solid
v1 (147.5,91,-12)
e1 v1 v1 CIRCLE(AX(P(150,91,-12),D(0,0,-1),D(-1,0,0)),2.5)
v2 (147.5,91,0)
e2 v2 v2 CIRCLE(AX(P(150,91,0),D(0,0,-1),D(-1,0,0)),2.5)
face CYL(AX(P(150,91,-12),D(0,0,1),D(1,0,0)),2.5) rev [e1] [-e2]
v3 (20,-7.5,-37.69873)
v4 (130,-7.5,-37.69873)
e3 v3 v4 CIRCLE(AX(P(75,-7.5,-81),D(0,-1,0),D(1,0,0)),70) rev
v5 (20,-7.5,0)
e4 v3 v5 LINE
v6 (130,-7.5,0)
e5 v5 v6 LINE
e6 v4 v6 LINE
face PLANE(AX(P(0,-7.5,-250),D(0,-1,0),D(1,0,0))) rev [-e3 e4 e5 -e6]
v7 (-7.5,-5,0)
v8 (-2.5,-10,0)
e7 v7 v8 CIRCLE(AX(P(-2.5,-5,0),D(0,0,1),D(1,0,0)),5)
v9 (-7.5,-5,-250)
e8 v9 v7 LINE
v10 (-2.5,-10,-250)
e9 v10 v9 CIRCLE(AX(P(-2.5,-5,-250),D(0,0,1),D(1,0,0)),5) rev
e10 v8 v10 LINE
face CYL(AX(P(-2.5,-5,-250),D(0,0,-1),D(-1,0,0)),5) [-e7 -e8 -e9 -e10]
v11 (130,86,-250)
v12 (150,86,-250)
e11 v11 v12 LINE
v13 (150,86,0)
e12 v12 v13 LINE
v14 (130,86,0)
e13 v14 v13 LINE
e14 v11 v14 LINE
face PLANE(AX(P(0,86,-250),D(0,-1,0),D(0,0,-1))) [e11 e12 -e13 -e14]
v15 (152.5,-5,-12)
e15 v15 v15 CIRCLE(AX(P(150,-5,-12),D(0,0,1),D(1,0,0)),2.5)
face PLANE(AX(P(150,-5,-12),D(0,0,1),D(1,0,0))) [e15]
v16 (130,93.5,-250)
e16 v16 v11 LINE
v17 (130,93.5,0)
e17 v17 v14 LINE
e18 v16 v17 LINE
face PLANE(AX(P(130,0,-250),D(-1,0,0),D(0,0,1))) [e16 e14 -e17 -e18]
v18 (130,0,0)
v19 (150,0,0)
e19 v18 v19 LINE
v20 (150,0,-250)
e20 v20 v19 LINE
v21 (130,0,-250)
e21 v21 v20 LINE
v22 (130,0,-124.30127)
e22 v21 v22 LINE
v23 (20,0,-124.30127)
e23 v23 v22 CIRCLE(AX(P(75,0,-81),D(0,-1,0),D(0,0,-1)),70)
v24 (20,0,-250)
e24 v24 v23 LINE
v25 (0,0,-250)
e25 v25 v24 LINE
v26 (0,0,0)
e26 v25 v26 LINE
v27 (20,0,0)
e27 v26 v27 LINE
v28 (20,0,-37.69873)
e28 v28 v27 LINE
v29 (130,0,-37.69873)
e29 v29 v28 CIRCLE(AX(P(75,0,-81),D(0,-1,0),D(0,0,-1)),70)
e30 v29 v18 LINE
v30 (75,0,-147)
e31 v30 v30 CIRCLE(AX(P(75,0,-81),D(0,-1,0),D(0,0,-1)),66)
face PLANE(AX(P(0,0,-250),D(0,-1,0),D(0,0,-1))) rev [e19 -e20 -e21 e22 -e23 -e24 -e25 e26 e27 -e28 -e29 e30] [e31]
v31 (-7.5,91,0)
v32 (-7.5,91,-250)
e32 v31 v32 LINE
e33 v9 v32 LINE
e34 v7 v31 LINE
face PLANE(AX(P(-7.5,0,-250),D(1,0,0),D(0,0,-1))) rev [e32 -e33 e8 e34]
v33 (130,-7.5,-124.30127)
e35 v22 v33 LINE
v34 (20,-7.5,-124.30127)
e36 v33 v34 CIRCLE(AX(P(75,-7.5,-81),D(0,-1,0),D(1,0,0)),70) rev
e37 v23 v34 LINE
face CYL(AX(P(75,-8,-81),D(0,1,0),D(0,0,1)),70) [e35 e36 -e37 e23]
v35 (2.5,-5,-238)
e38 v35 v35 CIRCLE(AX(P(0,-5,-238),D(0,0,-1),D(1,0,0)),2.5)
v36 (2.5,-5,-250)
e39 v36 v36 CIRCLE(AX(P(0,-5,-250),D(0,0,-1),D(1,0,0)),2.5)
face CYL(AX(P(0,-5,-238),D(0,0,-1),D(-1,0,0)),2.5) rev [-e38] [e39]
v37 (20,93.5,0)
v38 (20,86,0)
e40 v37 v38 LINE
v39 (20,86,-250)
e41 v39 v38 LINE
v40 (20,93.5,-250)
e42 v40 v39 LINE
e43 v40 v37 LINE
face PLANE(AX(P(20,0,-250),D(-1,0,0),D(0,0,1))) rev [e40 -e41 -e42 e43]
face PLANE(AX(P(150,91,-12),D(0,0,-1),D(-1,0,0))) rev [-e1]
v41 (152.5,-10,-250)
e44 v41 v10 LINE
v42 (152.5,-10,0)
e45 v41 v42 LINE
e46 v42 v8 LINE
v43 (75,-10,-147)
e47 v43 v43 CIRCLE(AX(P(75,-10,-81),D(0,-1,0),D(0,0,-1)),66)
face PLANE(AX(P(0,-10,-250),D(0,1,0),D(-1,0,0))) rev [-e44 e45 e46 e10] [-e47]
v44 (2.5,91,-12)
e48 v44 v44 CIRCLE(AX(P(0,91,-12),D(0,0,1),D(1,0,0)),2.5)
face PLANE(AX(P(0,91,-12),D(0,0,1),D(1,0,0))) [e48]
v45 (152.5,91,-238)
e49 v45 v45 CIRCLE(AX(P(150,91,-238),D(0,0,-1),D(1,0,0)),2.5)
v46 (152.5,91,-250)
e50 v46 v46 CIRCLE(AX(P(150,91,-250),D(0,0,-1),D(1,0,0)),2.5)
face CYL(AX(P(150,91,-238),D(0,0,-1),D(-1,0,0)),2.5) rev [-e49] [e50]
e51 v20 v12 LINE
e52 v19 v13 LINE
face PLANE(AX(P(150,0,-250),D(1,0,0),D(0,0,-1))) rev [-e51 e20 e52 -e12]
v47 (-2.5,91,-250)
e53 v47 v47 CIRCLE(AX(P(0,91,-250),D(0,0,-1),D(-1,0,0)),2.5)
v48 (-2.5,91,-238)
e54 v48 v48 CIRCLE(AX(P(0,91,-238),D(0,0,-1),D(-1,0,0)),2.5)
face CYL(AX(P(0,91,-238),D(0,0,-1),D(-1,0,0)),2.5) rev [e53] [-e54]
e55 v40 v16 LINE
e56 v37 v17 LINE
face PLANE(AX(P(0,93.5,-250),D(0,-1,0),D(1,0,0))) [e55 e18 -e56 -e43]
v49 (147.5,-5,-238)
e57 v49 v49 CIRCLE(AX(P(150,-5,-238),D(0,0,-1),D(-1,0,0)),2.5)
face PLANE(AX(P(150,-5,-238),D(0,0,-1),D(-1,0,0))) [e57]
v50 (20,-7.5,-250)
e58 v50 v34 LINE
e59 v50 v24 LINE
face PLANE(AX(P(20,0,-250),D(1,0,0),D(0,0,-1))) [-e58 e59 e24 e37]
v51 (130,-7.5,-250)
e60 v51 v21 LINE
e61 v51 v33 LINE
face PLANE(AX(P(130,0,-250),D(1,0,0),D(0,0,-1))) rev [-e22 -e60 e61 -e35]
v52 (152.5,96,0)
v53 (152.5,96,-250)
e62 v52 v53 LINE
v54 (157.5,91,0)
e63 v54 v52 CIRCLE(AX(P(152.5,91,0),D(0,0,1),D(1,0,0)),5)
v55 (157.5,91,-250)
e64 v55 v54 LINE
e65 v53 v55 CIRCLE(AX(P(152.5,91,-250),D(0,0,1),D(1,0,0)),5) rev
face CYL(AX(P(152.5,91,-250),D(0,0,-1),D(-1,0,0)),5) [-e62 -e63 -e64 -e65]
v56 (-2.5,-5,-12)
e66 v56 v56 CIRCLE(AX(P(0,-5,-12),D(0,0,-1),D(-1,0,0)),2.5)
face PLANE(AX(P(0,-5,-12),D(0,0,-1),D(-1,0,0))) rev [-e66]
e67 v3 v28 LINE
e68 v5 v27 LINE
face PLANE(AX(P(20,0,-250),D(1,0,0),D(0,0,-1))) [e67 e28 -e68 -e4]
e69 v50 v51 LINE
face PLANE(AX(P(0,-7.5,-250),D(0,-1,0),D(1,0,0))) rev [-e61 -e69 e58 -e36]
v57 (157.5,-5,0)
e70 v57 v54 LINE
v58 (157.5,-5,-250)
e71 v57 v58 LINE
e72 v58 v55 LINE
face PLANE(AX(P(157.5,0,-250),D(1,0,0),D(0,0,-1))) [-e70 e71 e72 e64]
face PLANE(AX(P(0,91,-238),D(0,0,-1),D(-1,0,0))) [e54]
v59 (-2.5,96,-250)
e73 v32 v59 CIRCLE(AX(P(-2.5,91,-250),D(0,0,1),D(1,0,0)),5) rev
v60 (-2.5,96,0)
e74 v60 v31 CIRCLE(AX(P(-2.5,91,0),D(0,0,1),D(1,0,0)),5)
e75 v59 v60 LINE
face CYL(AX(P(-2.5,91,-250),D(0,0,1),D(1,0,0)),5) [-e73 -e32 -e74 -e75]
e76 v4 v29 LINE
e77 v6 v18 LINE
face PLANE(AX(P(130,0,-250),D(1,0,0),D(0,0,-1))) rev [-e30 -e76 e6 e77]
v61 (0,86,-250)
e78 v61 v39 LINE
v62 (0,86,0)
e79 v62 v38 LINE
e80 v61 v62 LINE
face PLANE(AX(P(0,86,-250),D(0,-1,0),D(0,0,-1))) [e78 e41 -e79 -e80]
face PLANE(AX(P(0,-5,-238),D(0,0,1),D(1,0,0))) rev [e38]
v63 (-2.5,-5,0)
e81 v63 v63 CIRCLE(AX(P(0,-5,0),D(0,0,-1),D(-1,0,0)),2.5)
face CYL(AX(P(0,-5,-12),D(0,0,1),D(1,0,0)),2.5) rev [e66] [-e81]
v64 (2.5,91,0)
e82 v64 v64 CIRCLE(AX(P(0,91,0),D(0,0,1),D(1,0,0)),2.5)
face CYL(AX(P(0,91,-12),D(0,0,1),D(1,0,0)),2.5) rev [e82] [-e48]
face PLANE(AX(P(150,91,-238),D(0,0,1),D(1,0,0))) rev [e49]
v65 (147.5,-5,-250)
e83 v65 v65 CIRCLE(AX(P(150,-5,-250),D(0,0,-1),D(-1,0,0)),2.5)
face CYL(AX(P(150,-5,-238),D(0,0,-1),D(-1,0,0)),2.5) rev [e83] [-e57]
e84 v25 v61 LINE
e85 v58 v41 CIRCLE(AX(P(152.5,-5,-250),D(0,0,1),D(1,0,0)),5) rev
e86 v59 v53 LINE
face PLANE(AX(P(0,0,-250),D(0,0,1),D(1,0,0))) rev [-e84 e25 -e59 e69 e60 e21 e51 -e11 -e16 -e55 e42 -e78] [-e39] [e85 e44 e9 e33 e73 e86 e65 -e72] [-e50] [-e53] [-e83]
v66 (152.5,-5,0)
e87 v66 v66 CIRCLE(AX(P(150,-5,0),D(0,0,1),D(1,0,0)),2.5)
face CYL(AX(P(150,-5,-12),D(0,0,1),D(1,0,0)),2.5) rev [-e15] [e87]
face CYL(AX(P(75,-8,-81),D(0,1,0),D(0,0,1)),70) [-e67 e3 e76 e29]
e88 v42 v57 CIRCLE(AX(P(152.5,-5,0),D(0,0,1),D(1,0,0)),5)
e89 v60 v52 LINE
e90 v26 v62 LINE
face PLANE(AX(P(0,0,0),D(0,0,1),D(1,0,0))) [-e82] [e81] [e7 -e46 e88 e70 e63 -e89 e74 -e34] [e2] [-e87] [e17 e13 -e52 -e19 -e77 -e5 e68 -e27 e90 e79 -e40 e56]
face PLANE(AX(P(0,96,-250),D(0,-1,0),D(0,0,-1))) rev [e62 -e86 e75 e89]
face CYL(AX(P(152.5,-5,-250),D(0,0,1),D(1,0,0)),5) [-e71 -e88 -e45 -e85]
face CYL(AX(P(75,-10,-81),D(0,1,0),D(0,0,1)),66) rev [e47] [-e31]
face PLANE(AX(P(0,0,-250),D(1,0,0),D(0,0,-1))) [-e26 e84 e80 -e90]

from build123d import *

# Parameters (mm, degrees)
BOSS_EXTRUDE3_DEPTH   = 250
BOSS_EXTRUDE3_2_DEPTH = 250
FILLET1_R             = 5
FILLET2_R             = 5
SKETCH7_R             = 66
CUT_EXTRUDE1_DEPTH    = 10
SKETCH9_R             = 70
SKETCH9_R_2           = 66
BOSS_EXTRUDE4_DEPTH   = 8
SKETCH14_R            = 2.5
CUT_EXTRUDE2_DEPTH    = 12
CUT_EXTRUDE3_START    = -12
SKETCH15_R            = 2.5
CUT_EXTRUDE3_DEPTH    = 12
SKETCH17_W            = 7.5
SKETCH17_H            = 250
BOSS_EXTRUDE5_DEPTH   = 46


with BuildPart() as part:
    # Sketch4 → Boss-Extrude3 (new body)
    with BuildSketch(Plane.XY):
        Polygon((130, 93.5), (130, 86), (150, 86), (150, 66), (155, 66), (157.5, 66), (157.5, 96), (-7.5, 96), (-7.5, 66), (-5, 66), (0, 66), (0, 86), (20, 86), (20, 93.5), align=None)
    extrude(amount=-BOSS_EXTRUDE3_DEPTH)

    # Fillet1
    fillet1_edges = [part.edges().sort_by_distance(p)[0] for p in [
        (-7.5, 96, -125),
        (157.5, 96, -125),
    ]]
    fillet(fillet1_edges, radius=FILLET1_R)


with BuildPart() as body_2:
    # Sketch4 → Boss-Extrude3 2 (new body)
    with BuildSketch(Plane.XY):
        Polygon((155, 20), (150, 20), (150, 0), (130, 0), (130, -7.5), (20, -7.5), (20, 0), (0, 0), (0, 20), (-5, 20), (-7.5, 20), (-7.5, 0), (-7.5, -10), (157.5, -10), (157.5, 20), align=None)
    extrude(amount=-BOSS_EXTRUDE3_2_DEPTH)

    # Fillet2
    fillet2_edges = [body_2.edges().sort_by_distance(p)[0] for p in [
        (157.5, -10, -125),
        (-7.5, -10, -125),
    ]]
    fillet(fillet2_edges, radius=FILLET2_R)

    # Sketch7 → Cut-Extrude1 (cut)
    with BuildSketch(Plane(origin=(0, 0, 0), x_dir=(-1, 0, 0), z_dir=(0, -1, 0))):
        with Locations(Location((-75, 81, 0), (0, 0, 326.442690238))):
            Circle(SKETCH7_R)
    extrude(amount=CUT_EXTRUDE1_DEPTH, mode=Mode.SUBTRACT)

    # Sketch9 → Boss-Extrude4 (add)
    with BuildSketch(Plane.XZ):
        with Locations((75, -81)):
            Circle(SKETCH9_R)
        with Locations(Location((75, -81, 0), (0, 0, 270))):
            Circle(SKETCH9_R_2, mode=Mode.SUBTRACT)
    extrude(amount=BOSS_EXTRUDE4_DEPTH)


with BuildPart() as cut_extrude2_tool:
    # Sketch14 → Cut-Extrude2 (new body)
    with BuildSketch(Plane(origin=(0, 0, -250), x_dir=(-1, 0, 0), z_dir=(0, 0, -1))):
        with Locations((0, 91)):
            Circle(SKETCH14_R)
        with Locations(Location((-150, 91, 0), (0, 0, 180))):
            Circle(SKETCH14_R)
        with Locations(Location((0, -5, 0), (0, 0, 180))):
            Circle(SKETCH14_R)
        with Locations((-150, -5)):
            Circle(SKETCH14_R)
    extrude(amount=-CUT_EXTRUDE2_DEPTH)


with BuildPart() as part_1:
    add(part.part)

    # Cut-Extrude2: cut by cut_extrude2_tool
    add(cut_extrude2_tool.part, mode=Mode.SUBTRACT)


with BuildPart() as body_2_1:
    add(body_2.part)

    # Cut-Extrude2: cut by cut_extrude2_tool
    add(cut_extrude2_tool.part, mode=Mode.SUBTRACT)


with BuildPart() as cut_extrude3_tool:
    # Sketch15 → Cut-Extrude3 (new body)
    with BuildSketch(Plane.XY.offset(CUT_EXTRUDE3_START)):
        with Locations(Location((0, 91, 0), (0, 0, 180))):
            Circle(SKETCH15_R)
        with Locations((150, 91)):
            Circle(SKETCH15_R)
        with Locations(Location((150, -5, 0), (0, 0, 180))):
            Circle(SKETCH15_R)
        with Locations((0, -5)):
            Circle(SKETCH15_R)
    extrude(amount=CUT_EXTRUDE3_DEPTH)


with BuildPart() as part_2:
    add(part_1.part)

    # Cut-Extrude3: cut by cut_extrude3_tool
    add(cut_extrude3_tool.part, mode=Mode.SUBTRACT)



with BuildPart() as body_2_2:
    add(body_2_1.part)

    # Cut-Extrude3: cut by cut_extrude3_tool
    add(cut_extrude3_tool.part, mode=Mode.SUBTRACT)


with BuildPart() as part_3:
    add(part_2.part)

    add(body_2_2.part)  # Boss-Extrude5 merges body 2
    # Sketch17 → Boss-Extrude5 (add)
    with BuildSketch(Plane.XZ.offset(-66)):
        with Locations((-3.75, -125)):
            Rectangle(SKETCH17_W, SKETCH17_H)
        with Locations((153.75, -125)):
            Rectangle(SKETCH17_W, SKETCH17_H)
    extrude(amount=BOSS_EXTRUDE5_DEPTH)


solid = part_3.part
